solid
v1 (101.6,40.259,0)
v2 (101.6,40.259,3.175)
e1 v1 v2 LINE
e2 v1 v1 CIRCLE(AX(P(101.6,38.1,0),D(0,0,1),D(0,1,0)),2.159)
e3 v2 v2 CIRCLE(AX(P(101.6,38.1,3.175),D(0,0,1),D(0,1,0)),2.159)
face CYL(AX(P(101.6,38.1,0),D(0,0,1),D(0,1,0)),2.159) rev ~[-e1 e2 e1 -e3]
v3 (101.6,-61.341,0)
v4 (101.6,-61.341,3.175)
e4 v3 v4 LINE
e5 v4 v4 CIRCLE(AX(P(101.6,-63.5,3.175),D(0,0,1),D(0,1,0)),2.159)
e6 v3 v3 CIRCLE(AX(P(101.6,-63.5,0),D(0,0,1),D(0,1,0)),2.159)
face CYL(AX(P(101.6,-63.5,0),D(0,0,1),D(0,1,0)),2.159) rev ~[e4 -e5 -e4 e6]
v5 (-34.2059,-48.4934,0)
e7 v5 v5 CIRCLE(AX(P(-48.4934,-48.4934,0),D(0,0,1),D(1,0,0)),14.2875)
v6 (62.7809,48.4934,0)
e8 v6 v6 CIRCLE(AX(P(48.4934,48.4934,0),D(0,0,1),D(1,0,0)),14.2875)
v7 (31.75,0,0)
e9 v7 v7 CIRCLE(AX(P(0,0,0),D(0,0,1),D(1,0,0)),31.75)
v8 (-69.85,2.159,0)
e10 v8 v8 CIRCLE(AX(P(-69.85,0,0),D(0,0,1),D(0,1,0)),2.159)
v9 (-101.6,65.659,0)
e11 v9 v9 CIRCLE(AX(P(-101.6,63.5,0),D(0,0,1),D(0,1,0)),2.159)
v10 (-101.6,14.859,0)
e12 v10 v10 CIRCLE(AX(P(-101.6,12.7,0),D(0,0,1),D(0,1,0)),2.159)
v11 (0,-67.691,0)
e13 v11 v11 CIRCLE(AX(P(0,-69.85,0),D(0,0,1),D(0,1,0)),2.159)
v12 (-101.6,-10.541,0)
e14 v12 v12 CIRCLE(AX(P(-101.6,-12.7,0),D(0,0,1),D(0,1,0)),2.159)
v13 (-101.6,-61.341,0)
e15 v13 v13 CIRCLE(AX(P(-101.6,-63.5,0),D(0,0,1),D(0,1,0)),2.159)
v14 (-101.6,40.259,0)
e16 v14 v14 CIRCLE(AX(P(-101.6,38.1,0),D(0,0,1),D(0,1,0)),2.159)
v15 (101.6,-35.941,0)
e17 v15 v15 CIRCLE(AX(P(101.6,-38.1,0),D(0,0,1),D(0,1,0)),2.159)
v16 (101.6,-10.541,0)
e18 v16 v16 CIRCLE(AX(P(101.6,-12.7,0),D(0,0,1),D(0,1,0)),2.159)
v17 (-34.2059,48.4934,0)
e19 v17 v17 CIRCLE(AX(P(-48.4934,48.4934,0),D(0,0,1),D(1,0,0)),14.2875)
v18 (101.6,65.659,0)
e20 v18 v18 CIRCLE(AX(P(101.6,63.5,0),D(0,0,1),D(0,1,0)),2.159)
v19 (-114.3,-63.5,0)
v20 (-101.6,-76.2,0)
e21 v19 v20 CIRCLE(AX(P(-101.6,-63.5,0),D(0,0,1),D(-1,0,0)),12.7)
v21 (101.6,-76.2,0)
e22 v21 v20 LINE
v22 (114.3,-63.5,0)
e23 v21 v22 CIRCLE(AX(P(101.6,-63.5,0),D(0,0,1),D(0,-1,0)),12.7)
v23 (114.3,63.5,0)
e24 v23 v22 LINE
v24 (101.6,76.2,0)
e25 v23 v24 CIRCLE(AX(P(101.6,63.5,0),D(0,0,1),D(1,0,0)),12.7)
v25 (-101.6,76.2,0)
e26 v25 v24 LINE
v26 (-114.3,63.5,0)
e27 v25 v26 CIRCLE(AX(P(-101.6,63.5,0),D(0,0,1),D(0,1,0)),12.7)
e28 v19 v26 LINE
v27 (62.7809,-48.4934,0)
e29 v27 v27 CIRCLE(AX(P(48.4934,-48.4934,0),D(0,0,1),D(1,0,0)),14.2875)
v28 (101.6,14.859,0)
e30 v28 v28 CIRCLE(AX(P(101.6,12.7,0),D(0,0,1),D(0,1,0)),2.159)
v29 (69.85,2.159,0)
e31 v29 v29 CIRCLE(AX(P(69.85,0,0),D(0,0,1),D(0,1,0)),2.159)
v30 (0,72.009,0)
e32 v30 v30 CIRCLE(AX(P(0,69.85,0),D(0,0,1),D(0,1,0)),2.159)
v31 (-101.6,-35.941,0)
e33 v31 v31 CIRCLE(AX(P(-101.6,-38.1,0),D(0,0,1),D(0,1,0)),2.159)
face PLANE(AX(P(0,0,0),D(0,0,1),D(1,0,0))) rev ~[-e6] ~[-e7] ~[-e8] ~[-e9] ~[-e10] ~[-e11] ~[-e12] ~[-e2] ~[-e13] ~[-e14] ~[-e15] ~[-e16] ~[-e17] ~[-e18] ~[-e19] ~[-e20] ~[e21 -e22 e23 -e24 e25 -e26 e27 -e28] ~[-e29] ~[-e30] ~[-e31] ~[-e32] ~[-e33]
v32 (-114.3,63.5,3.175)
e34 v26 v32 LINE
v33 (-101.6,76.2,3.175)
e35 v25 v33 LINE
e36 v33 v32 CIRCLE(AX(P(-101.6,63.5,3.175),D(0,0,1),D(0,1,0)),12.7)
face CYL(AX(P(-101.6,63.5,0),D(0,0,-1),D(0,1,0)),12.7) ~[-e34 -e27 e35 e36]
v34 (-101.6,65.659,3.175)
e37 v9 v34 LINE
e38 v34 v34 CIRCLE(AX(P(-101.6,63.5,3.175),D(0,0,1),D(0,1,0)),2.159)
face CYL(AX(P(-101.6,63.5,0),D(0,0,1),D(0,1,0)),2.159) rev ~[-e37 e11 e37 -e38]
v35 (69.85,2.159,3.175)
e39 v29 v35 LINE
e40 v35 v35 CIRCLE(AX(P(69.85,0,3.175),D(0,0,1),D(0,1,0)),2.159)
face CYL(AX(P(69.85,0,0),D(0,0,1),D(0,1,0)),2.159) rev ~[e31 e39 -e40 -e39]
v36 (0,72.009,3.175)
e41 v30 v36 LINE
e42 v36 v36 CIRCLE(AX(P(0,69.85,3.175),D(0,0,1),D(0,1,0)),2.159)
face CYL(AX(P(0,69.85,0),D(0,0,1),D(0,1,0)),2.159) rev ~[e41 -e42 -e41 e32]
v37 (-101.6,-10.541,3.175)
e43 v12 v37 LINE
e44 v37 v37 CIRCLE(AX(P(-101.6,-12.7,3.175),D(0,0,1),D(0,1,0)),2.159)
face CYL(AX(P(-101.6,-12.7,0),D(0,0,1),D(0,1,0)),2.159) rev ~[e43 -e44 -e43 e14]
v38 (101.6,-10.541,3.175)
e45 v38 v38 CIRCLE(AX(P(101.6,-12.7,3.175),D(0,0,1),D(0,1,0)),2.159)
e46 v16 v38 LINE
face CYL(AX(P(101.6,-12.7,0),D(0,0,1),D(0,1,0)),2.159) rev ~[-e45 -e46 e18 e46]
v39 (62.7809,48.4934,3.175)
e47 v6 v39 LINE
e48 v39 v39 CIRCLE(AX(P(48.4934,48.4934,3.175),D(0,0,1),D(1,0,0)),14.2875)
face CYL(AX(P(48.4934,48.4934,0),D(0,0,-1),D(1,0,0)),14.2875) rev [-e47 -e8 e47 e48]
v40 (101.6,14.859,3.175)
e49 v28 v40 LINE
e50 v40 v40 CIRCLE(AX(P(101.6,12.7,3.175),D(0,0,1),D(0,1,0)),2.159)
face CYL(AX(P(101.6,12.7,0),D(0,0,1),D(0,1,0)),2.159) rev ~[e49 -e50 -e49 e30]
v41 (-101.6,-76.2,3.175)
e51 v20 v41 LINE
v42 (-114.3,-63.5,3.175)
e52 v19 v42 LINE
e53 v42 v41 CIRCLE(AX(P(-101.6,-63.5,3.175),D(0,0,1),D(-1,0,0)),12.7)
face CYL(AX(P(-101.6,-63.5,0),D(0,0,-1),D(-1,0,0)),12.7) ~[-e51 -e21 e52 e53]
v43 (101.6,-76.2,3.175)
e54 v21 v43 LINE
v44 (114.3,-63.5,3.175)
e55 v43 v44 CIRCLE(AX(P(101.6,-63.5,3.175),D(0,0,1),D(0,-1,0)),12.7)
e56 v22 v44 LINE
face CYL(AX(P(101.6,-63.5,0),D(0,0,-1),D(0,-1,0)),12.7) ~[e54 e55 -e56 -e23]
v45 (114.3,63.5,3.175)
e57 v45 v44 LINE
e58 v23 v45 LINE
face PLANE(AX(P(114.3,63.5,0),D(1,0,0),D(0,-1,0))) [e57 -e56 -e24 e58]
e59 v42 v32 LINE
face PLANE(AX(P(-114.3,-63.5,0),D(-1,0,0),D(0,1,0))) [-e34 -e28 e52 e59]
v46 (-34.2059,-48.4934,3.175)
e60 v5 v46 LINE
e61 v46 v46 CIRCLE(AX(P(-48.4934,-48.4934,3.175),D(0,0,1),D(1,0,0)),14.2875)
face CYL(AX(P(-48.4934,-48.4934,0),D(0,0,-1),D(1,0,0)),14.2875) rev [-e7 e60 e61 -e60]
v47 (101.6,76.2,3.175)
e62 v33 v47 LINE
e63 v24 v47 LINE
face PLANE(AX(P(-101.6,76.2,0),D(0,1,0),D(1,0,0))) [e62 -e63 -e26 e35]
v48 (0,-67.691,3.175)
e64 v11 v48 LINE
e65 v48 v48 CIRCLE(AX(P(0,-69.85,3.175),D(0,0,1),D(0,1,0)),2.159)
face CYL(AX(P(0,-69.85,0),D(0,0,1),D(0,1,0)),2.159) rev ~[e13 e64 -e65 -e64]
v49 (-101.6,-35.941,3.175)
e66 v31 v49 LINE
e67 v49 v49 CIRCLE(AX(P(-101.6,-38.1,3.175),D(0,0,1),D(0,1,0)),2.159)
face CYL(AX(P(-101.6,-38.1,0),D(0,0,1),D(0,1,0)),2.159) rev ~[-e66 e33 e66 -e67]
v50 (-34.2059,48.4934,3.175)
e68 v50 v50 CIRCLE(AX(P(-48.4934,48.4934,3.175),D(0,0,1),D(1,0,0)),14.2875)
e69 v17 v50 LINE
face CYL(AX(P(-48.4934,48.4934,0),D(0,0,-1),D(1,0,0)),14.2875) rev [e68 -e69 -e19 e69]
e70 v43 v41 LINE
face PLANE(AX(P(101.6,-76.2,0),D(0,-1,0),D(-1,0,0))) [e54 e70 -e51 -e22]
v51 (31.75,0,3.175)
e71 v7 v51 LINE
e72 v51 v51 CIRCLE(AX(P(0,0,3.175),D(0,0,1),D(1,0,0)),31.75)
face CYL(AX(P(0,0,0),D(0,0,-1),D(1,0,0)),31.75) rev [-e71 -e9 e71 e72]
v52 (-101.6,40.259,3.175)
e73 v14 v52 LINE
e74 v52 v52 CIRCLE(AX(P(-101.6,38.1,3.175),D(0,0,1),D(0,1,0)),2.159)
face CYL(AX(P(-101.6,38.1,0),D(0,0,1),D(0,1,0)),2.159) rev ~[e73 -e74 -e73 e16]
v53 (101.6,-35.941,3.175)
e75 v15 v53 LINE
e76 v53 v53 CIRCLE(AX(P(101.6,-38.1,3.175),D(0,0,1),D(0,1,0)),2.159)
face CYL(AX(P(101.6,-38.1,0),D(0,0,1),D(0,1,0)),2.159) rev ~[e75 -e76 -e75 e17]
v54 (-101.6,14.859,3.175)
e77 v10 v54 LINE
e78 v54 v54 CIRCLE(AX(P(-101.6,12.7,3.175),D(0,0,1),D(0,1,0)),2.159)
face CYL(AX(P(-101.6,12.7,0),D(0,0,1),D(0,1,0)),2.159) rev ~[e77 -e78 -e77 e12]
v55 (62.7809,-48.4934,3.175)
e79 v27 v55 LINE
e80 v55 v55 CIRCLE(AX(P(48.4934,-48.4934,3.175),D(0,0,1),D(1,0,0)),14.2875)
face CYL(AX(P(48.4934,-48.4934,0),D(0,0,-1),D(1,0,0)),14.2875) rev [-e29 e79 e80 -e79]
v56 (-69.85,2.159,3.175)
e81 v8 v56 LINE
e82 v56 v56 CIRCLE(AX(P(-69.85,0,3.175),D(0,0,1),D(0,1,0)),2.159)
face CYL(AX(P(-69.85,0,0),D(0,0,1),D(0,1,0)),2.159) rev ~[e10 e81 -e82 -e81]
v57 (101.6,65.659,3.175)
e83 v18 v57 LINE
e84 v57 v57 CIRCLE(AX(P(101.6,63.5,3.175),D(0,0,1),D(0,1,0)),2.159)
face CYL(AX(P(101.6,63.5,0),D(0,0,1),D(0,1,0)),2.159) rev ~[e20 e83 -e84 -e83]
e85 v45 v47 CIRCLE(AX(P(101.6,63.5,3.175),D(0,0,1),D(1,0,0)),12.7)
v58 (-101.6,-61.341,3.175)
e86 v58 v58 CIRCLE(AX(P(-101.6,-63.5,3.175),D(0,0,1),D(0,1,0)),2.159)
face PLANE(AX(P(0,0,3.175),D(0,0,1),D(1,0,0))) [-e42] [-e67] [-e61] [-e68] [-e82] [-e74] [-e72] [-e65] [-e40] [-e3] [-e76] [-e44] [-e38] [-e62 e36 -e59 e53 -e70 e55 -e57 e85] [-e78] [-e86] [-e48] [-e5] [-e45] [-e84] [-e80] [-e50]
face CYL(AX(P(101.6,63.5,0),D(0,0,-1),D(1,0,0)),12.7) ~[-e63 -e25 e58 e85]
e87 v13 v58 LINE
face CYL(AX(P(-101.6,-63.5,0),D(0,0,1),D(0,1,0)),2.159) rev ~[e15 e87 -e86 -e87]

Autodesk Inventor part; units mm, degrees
ref_plane "YZ Plane" through (0, 0, 0) normal (1, 0, 0) x (0, 1, 0)
ref_plane "XZ Plane" through (0, 0, 0) normal (0, 1, 0) x (-1, 0, 0)
ref_plane "XY Plane" through (0, 0, 0) normal (0, 0, 1) x (1, 0, 0)
sketch "Sketch1" plane through (0, 0, 0) normal (0, 0, 1) x (1, 0, 0)
  circle A0 centre (0, 0) radius 31.75
  line L0 (-48.4934, 48.4934) -> (48.4934, 48.4934) construction
  line L1 (48.4934, 48.4934) -> (48.4934, -48.4934) construction
  line L2 (48.4934, -48.4934) -> (-48.4934, -48.4934) construction
  line L3 (-48.4934, -48.4934) -> (-48.4934, 48.4934) construction
  line L4 (-48.4934, 48.4934) -> (48.4934, -48.4934) construction
  line L5 (48.4934, 48.4934) -> (-48.4934, -48.4934) construction
  circle A1 centre (-48.4934, 48.4934) radius 14.2875
  circle A2 centre (48.4934, 48.4934) radius 14.2875
  circle A3 centre (48.4934, -48.4934) radius 14.2875
  circle A4 centre (-48.4934, -48.4934) radius 14.2875
  line L6 (-101.6, 76.2) -> (101.6, 76.2)
  line L7 (114.3, 63.5) -> (114.3, -63.5)
  line L8 (101.6, -76.2) -> (-101.6, -76.2)
  line L9 (-114.3, -63.5) -> (-114.3, 63.5)
  line L10 (-114.3, 76.2) -> (114.3, -76.2) construction
  line L11 (114.3, 76.2) -> (-114.3, -76.2) construction
  line L12 (-101.6, -76.2) -> (-101.6, 76.2) construction
  line L13 (101.6, 76.2) -> (101.6, -76.2) construction
  arc A5 (-101.6, 76.2) -> (-114.3, 63.5) centre (-101.6, 63.5) ccw
  arc A6 (114.3, 63.5) -> (101.6, 76.2) centre (101.6, 63.5) ccw
  arc A7 (101.6, -76.2) -> (114.3, -63.5) centre (101.6, -63.5) ccw
  arc A8 (-114.3, -63.5) -> (-101.6, -76.2) centre (-101.6, -63.5) ccw
  circle A9 centre (0, 0) radius 69.85 construction
  circle A10 centre (-48.4934, 48.4934) radius 34.29 construction
  circle A11 centre (48.4934, 48.4934) radius 34.29 construction
  circle A12 centre (48.4934, -48.4934) radius 34.29 construction
  circle A13 centre (-48.4934, -48.4934) radius 34.29 construction
  line L14 (66.4539, 66.4539) -> (30.5329, 66.4539) construction
  line L15 (30.5329, 66.4539) -> (30.5329, 30.5329) construction
  line L16 (30.5329, 30.5329) -> (66.4539, 30.5329) construction
  line L17 (66.4539, 30.5329) -> (66.4539, 66.4539) construction
  line L18 (66.4539, 66.4539) -> (30.5329, 30.5329) construction
  line L19 (30.5329, 66.4539) -> (66.4539, 30.5329) construction
  line L20 (-30.5329, 66.4539) -> (-66.4539, 66.4539) construction
  line L21 (-66.4539, 66.4539) -> (-66.4539, 30.5329) construction
  line L22 (-66.4539, 30.5329) -> (-30.5329, 30.5329) construction
  line L23 (-30.5329, 30.5329) -> (-30.5329, 66.4539) construction
  line L24 (-30.5329, 66.4539) -> (-66.4539, 30.5329) construction
  line L25 (-66.4539, 66.4539) -> (-30.5329, 30.5329) construction
  line L26 (-30.5329, -30.5329) -> (-66.4539, -30.5329) construction
  line L27 (-66.4539, -30.5329) -> (-66.4539, -66.4539) construction
  line L28 (-66.4539, -66.4539) -> (-30.5329, -66.4539) construction
  line L29 (-30.5329, -66.4539) -> (-30.5329, -30.5329) construction
  line L30 (-30.5329, -30.5329) -> (-66.4539, -66.4539) construction
  line L31 (-66.4539, -30.5329) -> (-30.5329, -66.4539) construction
  line L32 (66.4539, -30.5329) -> (30.5329, -30.5329) construction
  line L33 (30.5329, -30.5329) -> (30.5329, -66.4539) construction
  line L34 (30.5329, -66.4539) -> (66.4539, -66.4539) construction
  line L35 (66.4539, -66.4539) -> (66.4539, -30.5329) construction
  line L36 (66.4539, -30.5329) -> (30.5329, -66.4539) construction
  line L37 (30.5329, -30.5329) -> (66.4539, -66.4539) construction
  line L38 (-17.9605, 17.9605) -> (17.9605, 17.9605) construction
  line L39 (17.9605, 17.9605) -> (17.9605, -17.9605) construction
  line L40 (17.9605, -17.9605) -> (-17.9605, -17.9605) construction
  line L41 (-17.9605, -17.9605) -> (-17.9605, 17.9605) construction
  line L42 (-17.9605, 17.9605) -> (17.9605, -17.9605) construction
  line L43 (17.9605, 17.9605) -> (-17.9605, -17.9605) construction
  circle A14 centre (0, 0) radius 14.2875
  point P0 (101.6, -38.1)
  point P1 (101.6, 38.1)
  point P2 (-101.6, 38.1)
  point P3 (-101.6, -38.1)
  point P4 (-101.6, 63.5)
  point P5 (-101.6, -63.5)
  point P6 (101.6, -63.5)
  point P7 (101.6, 63.5)
  point P8 (-101.6, 12.7)
  point P9 (-101.6, -12.7)
  point P10 (101.6, 12.7)
  point P11 (101.6, -12.7)
  point P12 (0, 69.85)
  point P13 (69.85, 0)
  point P14 (0, -69.85)
  point P15 (-69.85, 0)
  dimension "d1" = 68.58
  dimension "d2" = 28.575
  dimension "d3" = 63.5
  dimension "d4" = 228.6
  dimension "d5" = 12.7
  dimension "d6" = 12.7
  dimension "d8" = 25.4
  dimension "d10" = 25.4
  dimension "d11" = 25.4
  dimension "d12" = 25.4
  dimension "d13" = 25.4
  dimension "d14" = 12.7
  dimension "d15" = 12.7
  dimension "d16" = 12.7
  dimension "d17" = 6.35
  dimension "d18" = 68.58
  dimension "d21" = 50.8
extrude "Extrusion1" add sketch "Sketch1" along normal blind 3.175 contours L6 A6 L7 A7 L8 A8 L9 A5
hole "Hole1" at (101.6, -38.1, 0) at (101.6, 38.1, 0) at (-101.6, 38.1, 0) at (-101.6, -38.1, 0) at (-101.6, 63.5, 0) at (-101.6, -63.5, 0) at (101.6, -63.5, 0) at (101.6, 63.5, 0) at (-101.6, 12.7, 0) at (-101.6, -12.7, 0) at (101.6, 12.7, 0) at (101.6, -12.7, 0) at (0, 69.85, 0) at (69.85, 0, 0) at (0, -69.85, 0) at (-69.85, 0, 0) at (17.9605, 17.9605, 0) at (-17.9605, 17.9605, 0) at (-17.9605, -17.9605, 0) at (17.9605, -17.9605, 0) direction (0, 0, 1) diameter 4.318 end through all
equation "\"d8\" = d7"
equation "\"d10\" = d7"
equation "\"d15\" = d14"
equation "\"d7\" = 25.4"
properties part number "Motor Bracket Outer Panel" material "Aluminum 6061"
